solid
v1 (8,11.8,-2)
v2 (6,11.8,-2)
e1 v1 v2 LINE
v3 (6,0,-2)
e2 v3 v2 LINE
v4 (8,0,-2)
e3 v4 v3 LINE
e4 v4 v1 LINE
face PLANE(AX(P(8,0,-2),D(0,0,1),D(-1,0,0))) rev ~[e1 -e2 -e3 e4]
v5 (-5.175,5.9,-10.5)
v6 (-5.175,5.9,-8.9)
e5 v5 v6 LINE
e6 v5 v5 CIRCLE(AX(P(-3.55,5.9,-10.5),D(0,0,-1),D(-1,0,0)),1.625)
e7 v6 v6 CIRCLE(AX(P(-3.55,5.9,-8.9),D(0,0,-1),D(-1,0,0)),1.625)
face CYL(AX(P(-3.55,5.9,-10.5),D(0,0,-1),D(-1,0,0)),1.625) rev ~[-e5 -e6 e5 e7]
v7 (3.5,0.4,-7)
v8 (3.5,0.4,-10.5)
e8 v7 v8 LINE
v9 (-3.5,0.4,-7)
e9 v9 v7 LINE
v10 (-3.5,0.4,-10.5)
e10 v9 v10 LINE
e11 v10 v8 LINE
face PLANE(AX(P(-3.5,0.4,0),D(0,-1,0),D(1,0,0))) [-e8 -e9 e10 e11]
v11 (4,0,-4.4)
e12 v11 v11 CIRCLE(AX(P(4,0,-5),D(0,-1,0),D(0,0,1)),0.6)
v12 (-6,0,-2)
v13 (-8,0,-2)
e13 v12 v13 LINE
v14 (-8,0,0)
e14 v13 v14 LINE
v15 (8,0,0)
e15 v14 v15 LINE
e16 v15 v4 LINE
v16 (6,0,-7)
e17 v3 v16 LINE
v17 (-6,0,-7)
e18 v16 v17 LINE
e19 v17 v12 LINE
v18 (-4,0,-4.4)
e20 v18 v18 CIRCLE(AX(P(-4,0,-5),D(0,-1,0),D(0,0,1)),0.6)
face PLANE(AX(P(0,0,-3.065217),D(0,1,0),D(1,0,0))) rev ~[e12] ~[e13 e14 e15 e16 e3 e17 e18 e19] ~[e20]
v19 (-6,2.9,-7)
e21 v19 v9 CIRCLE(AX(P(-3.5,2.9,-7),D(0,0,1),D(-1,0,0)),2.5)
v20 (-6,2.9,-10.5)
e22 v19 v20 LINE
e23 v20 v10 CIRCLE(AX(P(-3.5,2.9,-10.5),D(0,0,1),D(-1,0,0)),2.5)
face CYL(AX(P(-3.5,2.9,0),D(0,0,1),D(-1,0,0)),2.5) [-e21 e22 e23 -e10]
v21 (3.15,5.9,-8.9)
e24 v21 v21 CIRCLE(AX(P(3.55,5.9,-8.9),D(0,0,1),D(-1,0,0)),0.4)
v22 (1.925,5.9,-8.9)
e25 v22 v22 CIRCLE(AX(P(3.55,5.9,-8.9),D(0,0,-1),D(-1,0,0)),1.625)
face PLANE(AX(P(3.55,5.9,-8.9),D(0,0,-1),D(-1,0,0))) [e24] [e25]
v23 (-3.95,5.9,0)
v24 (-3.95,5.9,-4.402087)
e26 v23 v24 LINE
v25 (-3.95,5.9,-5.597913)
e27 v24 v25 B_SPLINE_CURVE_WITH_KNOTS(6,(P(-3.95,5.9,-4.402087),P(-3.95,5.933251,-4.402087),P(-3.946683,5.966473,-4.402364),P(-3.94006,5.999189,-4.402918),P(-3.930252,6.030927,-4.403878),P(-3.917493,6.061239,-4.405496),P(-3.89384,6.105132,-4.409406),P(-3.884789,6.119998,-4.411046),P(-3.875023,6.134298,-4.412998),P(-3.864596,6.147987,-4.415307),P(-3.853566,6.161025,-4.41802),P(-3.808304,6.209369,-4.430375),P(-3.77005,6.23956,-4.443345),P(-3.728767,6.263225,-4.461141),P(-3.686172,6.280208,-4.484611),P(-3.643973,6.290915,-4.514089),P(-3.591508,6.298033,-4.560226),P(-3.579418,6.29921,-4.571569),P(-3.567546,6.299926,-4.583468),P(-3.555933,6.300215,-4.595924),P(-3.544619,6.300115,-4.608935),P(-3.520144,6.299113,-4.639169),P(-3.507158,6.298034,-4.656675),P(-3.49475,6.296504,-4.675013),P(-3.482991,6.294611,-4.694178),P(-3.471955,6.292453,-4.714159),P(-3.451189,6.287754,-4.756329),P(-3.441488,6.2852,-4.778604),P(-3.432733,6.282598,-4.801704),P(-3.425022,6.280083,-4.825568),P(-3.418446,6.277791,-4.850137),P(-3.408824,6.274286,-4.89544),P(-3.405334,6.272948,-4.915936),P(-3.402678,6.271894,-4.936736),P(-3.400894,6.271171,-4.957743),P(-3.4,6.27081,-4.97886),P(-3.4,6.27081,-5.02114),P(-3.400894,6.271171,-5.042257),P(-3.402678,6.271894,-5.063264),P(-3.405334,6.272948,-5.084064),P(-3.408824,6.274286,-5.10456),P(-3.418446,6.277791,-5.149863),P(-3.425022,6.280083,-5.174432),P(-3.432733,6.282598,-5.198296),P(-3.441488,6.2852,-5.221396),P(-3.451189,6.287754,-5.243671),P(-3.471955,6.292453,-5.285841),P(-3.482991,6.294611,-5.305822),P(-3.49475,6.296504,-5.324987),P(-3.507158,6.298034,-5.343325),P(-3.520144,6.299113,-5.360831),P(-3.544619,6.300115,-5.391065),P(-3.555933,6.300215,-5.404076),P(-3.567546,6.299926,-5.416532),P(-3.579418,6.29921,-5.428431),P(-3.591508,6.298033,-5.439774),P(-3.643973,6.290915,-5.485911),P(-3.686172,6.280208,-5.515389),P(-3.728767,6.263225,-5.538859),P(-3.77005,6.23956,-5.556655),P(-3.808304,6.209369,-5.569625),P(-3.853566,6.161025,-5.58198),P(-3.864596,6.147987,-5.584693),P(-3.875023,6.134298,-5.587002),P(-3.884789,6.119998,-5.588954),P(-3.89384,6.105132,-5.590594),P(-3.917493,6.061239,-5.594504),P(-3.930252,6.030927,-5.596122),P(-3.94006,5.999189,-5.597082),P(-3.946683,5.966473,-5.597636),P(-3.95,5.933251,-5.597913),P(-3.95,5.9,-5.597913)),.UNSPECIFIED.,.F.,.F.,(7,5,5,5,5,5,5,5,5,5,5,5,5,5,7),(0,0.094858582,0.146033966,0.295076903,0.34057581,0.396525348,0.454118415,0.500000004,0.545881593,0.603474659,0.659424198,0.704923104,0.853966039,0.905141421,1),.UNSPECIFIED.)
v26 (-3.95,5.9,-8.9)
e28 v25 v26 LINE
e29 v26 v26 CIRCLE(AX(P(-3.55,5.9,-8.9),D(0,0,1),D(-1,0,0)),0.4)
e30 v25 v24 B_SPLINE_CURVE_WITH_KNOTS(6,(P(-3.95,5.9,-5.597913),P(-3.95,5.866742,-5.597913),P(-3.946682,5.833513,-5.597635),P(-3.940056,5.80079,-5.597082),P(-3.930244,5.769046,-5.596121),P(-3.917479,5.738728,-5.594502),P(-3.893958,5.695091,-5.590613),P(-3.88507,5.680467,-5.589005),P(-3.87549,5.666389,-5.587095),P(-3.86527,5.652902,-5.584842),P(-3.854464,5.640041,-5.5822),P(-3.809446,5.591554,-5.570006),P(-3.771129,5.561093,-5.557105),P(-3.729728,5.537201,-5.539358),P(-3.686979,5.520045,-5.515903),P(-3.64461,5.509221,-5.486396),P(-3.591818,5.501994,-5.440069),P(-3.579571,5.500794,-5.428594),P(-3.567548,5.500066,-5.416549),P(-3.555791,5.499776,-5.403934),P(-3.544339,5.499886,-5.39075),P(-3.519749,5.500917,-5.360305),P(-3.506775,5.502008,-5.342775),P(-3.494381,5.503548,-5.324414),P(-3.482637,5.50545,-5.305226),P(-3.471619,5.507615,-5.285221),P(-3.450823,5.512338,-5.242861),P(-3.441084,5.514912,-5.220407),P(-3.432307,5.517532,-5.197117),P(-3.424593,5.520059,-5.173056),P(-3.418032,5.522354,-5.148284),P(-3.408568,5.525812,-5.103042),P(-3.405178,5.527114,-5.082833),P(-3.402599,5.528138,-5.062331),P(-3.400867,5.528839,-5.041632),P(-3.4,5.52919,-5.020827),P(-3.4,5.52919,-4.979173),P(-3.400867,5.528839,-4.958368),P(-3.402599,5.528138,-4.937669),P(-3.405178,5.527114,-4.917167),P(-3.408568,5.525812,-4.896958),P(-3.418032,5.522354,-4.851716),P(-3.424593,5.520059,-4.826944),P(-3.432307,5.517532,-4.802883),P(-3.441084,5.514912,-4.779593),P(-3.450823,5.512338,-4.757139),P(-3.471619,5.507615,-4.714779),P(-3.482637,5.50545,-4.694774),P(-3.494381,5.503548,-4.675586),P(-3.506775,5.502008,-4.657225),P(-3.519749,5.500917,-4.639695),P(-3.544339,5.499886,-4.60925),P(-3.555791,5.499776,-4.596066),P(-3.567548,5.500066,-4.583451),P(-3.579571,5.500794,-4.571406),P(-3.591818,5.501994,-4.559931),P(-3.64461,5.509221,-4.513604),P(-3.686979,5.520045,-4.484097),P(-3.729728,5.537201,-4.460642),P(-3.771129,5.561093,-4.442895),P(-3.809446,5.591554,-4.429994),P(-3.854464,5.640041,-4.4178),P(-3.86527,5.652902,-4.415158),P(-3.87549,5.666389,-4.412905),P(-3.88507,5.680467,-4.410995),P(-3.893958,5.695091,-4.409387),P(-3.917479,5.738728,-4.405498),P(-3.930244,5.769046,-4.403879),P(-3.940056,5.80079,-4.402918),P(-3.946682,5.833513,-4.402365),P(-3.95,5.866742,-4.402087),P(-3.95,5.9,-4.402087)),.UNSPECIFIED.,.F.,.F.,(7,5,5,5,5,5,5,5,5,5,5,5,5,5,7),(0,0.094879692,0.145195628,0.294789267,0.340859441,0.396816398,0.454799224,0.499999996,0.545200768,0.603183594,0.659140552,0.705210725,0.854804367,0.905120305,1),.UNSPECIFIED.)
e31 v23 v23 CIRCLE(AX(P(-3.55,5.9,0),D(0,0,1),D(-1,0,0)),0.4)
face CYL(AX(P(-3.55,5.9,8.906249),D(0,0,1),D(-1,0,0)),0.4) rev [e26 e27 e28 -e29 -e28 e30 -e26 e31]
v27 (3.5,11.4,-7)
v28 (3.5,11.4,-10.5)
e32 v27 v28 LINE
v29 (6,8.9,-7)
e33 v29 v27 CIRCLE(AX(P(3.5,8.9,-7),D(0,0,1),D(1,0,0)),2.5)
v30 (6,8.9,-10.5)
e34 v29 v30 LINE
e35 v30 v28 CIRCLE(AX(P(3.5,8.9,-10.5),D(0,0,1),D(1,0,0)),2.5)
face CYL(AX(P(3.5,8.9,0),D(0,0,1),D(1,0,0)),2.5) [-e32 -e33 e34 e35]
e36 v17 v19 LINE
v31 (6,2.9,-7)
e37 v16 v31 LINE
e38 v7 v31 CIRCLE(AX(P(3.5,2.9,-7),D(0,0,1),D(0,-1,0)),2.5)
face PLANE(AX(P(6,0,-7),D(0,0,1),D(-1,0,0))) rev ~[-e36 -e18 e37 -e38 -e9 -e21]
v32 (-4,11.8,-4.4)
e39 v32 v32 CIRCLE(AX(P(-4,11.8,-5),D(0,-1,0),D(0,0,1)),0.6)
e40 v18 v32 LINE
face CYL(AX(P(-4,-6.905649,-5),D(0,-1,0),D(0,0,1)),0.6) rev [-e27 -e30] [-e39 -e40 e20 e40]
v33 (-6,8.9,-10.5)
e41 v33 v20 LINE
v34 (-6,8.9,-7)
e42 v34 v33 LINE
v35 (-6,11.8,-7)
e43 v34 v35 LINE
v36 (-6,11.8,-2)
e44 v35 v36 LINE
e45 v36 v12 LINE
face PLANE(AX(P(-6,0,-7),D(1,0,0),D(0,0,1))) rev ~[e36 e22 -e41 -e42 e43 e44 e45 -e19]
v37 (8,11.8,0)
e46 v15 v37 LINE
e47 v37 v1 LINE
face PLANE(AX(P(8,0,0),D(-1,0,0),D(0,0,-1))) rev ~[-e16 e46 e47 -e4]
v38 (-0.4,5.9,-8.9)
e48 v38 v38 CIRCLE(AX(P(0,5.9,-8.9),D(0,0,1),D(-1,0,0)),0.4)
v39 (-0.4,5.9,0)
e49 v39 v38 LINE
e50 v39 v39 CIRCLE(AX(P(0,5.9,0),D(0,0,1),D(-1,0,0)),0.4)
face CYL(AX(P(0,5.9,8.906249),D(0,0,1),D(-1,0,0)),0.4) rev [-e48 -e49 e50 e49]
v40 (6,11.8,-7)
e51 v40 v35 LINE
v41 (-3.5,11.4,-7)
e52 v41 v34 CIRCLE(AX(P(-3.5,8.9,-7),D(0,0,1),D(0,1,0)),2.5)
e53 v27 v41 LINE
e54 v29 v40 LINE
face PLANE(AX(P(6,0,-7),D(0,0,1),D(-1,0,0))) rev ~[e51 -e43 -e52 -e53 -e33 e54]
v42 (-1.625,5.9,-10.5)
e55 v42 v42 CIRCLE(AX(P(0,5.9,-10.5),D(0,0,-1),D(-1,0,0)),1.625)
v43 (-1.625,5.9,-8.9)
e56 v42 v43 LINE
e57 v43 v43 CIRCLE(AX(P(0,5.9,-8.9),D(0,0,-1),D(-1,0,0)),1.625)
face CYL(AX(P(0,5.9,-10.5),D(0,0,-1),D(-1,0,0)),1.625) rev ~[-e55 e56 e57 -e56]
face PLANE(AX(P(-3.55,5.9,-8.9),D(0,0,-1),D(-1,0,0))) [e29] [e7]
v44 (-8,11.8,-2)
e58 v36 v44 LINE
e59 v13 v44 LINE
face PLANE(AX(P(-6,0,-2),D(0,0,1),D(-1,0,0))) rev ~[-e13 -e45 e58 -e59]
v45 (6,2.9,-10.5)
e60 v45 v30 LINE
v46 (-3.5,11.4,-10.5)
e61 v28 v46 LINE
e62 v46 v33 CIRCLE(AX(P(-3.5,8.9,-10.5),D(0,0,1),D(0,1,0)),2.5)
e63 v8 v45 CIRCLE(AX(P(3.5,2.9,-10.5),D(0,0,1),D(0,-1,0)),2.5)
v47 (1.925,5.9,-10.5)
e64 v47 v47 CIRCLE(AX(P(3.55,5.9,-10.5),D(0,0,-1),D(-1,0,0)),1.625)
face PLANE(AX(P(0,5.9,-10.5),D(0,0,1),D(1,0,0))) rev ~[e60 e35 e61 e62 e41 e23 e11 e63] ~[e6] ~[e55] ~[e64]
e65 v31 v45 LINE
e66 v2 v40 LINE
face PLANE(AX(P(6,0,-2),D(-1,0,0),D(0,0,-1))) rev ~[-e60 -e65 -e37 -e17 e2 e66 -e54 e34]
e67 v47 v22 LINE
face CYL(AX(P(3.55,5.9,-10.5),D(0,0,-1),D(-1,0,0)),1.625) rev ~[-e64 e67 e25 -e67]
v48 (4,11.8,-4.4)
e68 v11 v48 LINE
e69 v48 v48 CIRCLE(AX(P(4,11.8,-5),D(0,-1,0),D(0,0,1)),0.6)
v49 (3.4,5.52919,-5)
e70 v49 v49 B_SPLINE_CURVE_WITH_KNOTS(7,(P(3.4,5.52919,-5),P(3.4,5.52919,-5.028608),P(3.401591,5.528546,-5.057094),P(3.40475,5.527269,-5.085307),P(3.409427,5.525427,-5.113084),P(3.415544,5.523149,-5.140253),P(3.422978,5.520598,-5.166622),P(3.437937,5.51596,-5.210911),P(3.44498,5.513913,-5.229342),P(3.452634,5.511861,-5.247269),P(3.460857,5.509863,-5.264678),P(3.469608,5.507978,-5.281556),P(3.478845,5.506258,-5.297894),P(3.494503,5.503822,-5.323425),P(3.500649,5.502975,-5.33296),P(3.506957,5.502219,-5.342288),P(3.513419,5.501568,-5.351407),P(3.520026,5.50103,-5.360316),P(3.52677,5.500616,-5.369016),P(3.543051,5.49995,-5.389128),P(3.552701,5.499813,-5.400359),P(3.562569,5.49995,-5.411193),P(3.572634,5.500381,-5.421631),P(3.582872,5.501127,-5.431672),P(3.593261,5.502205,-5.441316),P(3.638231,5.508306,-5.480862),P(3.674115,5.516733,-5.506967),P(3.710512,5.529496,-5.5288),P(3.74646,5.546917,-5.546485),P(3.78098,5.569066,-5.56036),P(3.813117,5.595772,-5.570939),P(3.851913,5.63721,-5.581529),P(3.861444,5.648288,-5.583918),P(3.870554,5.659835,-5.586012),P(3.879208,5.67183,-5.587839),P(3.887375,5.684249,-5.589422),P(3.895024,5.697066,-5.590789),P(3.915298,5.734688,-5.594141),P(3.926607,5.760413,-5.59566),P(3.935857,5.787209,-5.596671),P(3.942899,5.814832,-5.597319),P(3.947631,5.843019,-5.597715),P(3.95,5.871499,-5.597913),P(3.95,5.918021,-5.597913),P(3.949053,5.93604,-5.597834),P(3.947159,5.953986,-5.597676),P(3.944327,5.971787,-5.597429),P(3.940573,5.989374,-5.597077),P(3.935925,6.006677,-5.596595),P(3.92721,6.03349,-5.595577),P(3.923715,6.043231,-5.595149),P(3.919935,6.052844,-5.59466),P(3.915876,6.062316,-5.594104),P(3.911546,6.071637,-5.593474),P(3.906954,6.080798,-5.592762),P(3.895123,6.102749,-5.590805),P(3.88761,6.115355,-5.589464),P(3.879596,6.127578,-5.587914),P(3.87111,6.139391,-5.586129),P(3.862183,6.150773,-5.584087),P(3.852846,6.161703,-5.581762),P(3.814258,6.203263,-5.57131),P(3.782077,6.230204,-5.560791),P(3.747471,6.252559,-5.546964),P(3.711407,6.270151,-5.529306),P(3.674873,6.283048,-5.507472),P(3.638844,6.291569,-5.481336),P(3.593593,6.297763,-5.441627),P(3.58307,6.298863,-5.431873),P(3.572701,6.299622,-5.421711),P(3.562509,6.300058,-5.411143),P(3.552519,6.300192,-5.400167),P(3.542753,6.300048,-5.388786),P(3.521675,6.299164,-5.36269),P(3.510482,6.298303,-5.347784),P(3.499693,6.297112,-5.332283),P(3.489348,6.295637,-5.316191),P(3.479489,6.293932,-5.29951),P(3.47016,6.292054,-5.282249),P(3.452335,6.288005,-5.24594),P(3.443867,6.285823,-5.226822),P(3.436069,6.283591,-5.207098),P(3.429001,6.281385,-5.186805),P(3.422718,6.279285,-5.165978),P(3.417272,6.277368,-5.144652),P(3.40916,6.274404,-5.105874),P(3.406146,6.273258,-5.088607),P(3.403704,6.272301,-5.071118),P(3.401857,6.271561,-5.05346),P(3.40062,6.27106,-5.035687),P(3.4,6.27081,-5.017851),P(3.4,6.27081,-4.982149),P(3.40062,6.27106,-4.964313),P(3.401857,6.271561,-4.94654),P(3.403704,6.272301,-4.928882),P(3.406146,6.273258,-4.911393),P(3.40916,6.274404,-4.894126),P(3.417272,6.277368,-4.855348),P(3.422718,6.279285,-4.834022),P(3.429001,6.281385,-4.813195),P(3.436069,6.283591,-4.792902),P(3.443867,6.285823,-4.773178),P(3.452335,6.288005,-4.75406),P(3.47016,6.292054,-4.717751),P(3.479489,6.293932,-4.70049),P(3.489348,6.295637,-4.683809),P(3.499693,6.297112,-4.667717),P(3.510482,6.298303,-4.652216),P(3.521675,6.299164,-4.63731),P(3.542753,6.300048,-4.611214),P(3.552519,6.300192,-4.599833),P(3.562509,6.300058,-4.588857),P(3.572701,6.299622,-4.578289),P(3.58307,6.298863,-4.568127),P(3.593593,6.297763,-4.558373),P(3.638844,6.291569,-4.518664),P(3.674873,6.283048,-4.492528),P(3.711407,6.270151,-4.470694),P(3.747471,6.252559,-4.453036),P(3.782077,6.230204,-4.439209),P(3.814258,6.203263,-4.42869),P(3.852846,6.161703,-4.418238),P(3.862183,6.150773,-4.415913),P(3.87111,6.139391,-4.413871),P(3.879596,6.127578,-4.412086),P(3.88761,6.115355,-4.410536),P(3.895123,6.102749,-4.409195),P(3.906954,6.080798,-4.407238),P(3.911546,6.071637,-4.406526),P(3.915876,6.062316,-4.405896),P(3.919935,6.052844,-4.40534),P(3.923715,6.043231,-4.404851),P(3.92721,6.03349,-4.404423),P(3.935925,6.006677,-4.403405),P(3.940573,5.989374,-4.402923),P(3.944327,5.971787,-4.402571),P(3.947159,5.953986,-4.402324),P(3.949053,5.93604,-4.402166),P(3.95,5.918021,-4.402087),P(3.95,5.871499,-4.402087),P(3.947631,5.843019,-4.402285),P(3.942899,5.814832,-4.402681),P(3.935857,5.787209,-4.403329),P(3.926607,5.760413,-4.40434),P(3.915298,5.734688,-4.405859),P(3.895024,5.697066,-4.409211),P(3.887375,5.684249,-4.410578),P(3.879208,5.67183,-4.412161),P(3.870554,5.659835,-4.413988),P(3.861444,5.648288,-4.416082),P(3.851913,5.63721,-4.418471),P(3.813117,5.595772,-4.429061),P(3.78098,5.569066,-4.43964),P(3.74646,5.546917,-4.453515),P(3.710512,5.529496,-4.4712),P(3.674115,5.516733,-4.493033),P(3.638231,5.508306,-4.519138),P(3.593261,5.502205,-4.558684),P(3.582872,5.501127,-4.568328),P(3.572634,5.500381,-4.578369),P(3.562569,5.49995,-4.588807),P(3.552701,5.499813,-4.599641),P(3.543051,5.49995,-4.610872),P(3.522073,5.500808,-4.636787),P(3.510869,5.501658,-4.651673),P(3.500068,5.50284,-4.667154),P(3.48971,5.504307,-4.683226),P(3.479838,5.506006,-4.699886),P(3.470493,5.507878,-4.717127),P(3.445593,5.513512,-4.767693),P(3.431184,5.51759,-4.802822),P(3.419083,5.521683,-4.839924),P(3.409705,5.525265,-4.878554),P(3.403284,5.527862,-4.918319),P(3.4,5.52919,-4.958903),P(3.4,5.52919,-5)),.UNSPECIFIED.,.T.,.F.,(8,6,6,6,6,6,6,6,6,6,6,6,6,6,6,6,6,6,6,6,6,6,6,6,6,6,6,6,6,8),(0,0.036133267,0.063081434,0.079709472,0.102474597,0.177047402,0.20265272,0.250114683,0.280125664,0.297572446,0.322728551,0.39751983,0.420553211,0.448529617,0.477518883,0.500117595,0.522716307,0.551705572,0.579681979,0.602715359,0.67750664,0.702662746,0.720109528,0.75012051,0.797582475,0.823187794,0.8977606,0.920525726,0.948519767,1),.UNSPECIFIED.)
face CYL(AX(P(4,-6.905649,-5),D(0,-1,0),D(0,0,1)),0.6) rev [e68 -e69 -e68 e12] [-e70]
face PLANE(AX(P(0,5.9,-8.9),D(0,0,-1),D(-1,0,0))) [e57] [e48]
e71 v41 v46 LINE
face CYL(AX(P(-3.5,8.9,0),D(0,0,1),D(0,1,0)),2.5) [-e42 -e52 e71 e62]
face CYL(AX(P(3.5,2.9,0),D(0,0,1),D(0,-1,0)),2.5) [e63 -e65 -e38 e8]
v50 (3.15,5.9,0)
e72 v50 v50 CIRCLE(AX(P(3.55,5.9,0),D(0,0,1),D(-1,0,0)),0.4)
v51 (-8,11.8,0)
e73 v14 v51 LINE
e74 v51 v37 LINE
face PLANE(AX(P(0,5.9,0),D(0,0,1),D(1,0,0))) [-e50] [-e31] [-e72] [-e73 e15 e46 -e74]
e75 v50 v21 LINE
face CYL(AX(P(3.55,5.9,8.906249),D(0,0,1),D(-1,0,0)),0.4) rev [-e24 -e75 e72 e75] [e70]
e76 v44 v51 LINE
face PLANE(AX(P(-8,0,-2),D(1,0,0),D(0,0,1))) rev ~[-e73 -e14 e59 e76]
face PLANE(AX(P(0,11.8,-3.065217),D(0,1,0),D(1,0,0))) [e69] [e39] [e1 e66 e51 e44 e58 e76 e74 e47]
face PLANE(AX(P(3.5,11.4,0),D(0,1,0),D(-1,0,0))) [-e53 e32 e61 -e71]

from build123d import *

# Parameters (mm, degrees)
BOSS_EXTRUDE1_DEPTH     = 11.8
BOSS_EXTRUDE2_DEPTH     = 10.5
CUT_EXTRUDE1_DEPTH      = 18.705648816
CUT_EXTRUDE1_DEPTH_BACK = 18.705648816
SKETCH2_R               = 0.6
SKETCH5_R               = 1.625
CUT_EXTRUDE2_DEPTH      = 1.6
CUT_EXTRUDE5_DEPTH      = 17.806248838
CUT_EXTRUDE5_DEPTH_BACK = 17.806248838
SKETCH7_R               = 0.4


with BuildPart() as part:
    # Sketch1 → Boss-Extrude1 (new body)
    with BuildSketch(Plane(origin=(0, 0, 0), x_dir=(1, 0, 0), z_dir=(0, 1, 0))):
        Polygon((0, 0), (8, 0), (8, 2), (6, 2), (6, 7), (-6, 7), (-6, 2), (-8, 2), (-8, 0), align=None)
    extrude(amount=BOSS_EXTRUDE1_DEPTH)

    # Sketch4 → Boss-Extrude2 (add)
    with BuildSketch(Plane.XY):
        with BuildLine():
            Line((-6, 8.9), (-6, 2.9))
            ThreePointArc((-6, 2.9), (-5.267766953, 1.132233047), (-3.5, 0.4))
            Line((-3.5, 0.4), (3.5, 0.4))
            ThreePointArc((3.5, 0.4), (5.267766953, 1.132233047), (6, 2.9))
            Line((6, 2.9), (6, 8.9))
            ThreePointArc((6, 8.9), (5.267766953, 10.667766953), (3.5, 11.4))
            Line((3.5, 11.4), (-3.5, 11.4))
            ThreePointArc((-3.5, 11.4), (-5.267766953, 10.667766953), (-6, 8.9))
        make_face()
    extrude(amount=-BOSS_EXTRUDE2_DEPTH)

    # Sketch2 → Cut-Extrude1 (cut, two sides: drawn at the far end of the back side and taken through both)
    with BuildSketch(Plane(origin=(0, 11.8, 0), x_dir=(1, 0, 0), z_dir=(0, 1, 0)).offset(-CUT_EXTRUDE1_DEPTH_BACK)):
        with Locations(Location((-4, 5, 0), (0, 0, 270))):
            Circle(SKETCH2_R)
        with Locations(Location((4, 5, 0), (0, 0, 270))):
            Circle(SKETCH2_R)
    extrude(amount=CUT_EXTRUDE1_DEPTH + CUT_EXTRUDE1_DEPTH_BACK, mode=Mode.SUBTRACT)

    # Sketch5 → Cut-Extrude2 (cut)
    with BuildSketch(Plane(origin=(0, 0, -10.5), x_dir=(-1, 0, 0), z_dir=(0, 0, -1))):
        with Locations((3.55, 5.9)):
            Circle(SKETCH5_R)
        with Locations((-3.55, 5.9)):
            Circle(SKETCH5_R)
        with Locations((0, 5.9)):
            Circle(SKETCH5_R)
    extrude(amount=-CUT_EXTRUDE2_DEPTH, mode=Mode.SUBTRACT)

    # Sketch7 → Cut-Extrude5 (cut, two sides: drawn at the far end of the back side and taken through both)
    with BuildSketch(Plane(origin=(0, 0, -8.9), x_dir=(-1, 0, 0), z_dir=(0, 0, -1)).offset(-CUT_EXTRUDE5_DEPTH_BACK)):
        with Locations((-3.55, 5.9)):
            Circle(SKETCH7_R)
        with Locations((3.55, 5.9)):
            Circle(SKETCH7_R)
        with Locations((0, 5.9)):
            Circle(SKETCH7_R)
    extrude(amount=CUT_EXTRUDE5_DEPTH + CUT_EXTRUDE5_DEPTH_BACK, mode=Mode.SUBTRACT)


solid = part.part
